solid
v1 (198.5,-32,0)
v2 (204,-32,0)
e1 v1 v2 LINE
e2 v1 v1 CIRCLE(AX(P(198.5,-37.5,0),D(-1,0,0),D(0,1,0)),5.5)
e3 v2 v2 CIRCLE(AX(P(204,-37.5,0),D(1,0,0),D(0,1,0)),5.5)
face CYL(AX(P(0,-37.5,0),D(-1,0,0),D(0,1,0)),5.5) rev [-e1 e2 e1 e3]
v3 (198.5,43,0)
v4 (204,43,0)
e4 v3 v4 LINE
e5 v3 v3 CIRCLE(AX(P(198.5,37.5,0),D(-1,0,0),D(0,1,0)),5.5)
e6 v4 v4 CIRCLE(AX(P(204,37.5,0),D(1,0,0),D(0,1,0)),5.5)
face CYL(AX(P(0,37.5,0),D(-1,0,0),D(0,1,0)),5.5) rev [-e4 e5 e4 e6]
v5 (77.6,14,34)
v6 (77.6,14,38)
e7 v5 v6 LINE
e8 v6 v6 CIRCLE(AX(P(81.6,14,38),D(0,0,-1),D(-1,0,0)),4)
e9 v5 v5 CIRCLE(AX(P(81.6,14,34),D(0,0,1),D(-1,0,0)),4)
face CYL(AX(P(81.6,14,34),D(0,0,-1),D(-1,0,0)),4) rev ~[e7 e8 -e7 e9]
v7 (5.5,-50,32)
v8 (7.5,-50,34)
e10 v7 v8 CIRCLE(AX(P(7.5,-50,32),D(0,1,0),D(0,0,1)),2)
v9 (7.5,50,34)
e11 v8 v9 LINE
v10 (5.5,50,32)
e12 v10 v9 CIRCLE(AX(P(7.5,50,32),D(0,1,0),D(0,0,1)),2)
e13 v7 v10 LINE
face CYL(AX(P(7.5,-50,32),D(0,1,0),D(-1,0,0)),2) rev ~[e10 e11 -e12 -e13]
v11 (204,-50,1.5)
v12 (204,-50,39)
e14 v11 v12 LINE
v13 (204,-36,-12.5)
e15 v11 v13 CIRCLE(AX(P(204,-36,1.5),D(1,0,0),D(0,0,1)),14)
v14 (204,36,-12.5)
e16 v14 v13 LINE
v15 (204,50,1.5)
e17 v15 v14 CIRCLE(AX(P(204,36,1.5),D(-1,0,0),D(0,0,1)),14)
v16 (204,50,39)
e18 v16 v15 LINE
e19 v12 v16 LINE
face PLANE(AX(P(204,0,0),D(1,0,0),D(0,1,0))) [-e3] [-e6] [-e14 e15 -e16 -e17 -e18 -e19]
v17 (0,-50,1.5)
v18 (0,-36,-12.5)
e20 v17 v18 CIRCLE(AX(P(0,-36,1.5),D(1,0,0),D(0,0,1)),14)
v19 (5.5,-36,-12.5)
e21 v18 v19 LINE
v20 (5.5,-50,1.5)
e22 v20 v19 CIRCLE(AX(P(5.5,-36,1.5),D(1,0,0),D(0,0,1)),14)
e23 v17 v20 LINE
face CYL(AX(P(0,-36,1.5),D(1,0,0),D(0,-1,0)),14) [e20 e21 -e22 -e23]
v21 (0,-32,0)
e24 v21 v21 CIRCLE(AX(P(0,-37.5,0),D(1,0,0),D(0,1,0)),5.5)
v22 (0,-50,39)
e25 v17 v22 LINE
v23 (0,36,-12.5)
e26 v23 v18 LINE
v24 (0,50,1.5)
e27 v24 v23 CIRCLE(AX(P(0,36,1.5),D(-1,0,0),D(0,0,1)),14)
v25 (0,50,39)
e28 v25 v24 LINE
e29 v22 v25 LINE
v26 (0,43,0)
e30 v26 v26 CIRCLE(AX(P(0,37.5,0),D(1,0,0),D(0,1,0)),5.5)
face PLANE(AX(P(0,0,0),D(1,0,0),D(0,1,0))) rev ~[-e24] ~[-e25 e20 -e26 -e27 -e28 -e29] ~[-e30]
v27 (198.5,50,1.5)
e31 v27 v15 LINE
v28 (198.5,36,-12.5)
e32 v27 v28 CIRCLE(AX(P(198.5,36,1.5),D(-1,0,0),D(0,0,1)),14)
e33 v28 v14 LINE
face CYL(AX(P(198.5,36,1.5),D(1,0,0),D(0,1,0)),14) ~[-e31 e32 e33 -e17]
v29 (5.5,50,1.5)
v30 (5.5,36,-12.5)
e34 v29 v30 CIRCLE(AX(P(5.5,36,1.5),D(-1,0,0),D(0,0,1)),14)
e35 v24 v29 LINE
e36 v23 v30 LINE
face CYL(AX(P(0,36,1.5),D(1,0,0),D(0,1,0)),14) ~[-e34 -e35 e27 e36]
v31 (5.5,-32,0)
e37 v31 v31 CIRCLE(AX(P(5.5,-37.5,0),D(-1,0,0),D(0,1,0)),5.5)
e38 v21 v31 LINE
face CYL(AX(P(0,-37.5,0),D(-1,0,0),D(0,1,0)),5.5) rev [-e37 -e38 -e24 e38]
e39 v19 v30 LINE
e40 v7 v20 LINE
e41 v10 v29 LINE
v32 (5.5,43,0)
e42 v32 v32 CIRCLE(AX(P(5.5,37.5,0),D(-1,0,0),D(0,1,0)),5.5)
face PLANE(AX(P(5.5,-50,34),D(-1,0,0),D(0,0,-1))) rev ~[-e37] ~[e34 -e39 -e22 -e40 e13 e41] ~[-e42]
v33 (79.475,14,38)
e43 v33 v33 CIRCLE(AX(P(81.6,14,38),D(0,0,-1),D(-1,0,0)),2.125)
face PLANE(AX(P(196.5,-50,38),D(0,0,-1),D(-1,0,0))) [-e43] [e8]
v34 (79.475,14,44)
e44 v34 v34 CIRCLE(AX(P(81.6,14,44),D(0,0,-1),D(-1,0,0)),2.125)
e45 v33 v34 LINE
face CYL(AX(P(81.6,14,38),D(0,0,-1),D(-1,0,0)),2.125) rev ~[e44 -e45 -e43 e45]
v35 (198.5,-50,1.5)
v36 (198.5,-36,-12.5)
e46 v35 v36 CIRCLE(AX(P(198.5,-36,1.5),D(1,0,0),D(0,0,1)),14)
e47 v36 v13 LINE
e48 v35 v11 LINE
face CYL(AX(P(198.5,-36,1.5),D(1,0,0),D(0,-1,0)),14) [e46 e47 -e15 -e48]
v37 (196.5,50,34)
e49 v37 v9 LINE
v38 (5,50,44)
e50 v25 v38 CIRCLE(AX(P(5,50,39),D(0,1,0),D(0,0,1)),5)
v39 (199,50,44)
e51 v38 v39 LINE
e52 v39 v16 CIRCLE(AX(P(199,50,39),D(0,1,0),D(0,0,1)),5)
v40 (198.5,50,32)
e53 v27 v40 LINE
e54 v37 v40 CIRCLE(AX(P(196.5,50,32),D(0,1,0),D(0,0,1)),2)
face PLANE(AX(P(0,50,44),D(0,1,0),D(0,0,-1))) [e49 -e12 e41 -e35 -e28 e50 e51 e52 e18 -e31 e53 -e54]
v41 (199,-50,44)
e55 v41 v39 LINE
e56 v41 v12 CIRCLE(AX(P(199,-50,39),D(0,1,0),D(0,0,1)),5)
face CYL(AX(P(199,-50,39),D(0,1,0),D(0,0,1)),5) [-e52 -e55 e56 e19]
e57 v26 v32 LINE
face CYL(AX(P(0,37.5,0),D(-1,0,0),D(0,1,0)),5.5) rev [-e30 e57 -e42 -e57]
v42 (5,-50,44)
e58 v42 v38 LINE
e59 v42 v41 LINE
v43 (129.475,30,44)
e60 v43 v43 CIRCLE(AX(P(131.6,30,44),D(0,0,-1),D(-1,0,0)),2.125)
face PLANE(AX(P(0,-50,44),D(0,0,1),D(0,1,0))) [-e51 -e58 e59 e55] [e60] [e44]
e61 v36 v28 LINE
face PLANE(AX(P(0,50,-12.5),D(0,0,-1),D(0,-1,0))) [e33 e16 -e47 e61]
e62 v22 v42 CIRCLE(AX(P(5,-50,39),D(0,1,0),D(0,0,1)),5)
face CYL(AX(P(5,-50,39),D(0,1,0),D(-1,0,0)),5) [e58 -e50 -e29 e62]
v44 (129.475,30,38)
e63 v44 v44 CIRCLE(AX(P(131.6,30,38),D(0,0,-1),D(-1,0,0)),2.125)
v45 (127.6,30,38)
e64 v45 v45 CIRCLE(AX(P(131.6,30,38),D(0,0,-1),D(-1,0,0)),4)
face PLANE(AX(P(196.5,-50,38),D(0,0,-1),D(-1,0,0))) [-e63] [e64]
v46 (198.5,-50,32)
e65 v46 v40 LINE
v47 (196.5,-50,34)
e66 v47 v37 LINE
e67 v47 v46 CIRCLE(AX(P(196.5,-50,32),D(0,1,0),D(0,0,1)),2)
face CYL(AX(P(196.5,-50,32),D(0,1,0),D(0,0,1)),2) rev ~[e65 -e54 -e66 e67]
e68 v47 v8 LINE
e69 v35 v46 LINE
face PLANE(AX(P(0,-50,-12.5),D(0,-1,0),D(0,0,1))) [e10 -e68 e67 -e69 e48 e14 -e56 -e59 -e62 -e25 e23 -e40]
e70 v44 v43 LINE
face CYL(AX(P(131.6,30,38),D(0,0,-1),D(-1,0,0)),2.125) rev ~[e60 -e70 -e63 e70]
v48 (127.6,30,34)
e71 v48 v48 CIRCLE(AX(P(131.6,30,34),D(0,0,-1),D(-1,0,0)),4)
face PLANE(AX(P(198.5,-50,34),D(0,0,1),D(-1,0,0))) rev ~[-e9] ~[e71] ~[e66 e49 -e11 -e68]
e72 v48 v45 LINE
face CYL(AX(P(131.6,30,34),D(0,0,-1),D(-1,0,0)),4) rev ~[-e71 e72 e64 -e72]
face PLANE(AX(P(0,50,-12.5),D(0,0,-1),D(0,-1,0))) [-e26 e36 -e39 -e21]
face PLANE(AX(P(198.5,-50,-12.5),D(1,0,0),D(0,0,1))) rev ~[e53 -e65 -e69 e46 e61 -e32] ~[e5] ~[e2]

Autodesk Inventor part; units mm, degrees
ref_plane "YZ Plane" through (0, 0, 0) normal (1, 0, 0) x (0, 1, 0)
ref_plane "XZ Plane" through (0, 0, 0) normal (0, 1, 0) x (-1, 0, 0)
ref_plane "XY Plane" through (0, 0, 0) normal (0, 0, 1) x (1, 0, 0)
sketch "Sketch1" plane through (0, 0, 0) normal (1, 0, 0) x (0, 1, 0)
  circle A0 centre (-37.5, 0) radius 5.5
  circle A1 centre (37.5, 0) radius 5.5
  line L0 (-50, 44) -> (50, 44)
  line L1 (50, 44) -> (50, -12.5)
  line L2 (50, -12.5) -> (-50, -12.5)
  line L3 (-50, -12.5) -> (-50, 44)
  point P0 (0, 0)
  dimension "d0" = 11
  dimension "d1" = 11
  dimension "d2" = 100
  dimension "d3" = 56.5
extrude "Extrusion1" add sketch "Sketch1" along normal blind 204
sketch "Sketch2" plane through (0, -50, -12.5) normal (0, -1, 0) x (1, 0, 0)
  line L0 (204, 0) -> (204, 56.5) projected
  line L1 (0, 0) -> (204, 0)
  line L2 (204, 0) -> (204, 56.5)
  line L3 (204, 56.5) -> (0, 56.5)
  line L4 (0, 56.5) -> (0, 0)
  line L5 (5.5, 0) -> (198.5, 0)
  line L6 (198.5, 0) -> (198.5, 46.5)
  line L7 (198.5, 46.5) -> (5.5, 46.5)
  line L8 (5.5, 46.5) -> (5.5, 0)
  point P0 (0, 12.5)
  point P1 (198.5, 0)
  dimension "d6" = 204
  dimension "d7" = 193
  dimension "d8" = 46.5
  dimension "d9" = 5.5
extrude "Extrusion2" cut sketch "Sketch2" against normal up to surface (100 mm away) contours L1 L8 L7 L6
sketch "Sketch3" plane through (204, 0, 0) normal (1, 0, 0) x (0, 0, -1)
  point P0 (0, 0)
fillet "Fillet1" radius 14 4 edges at (201.25, 50, -12.5) (201.25, -50, -12.5) (2.75, 50, -12.5) (2.75, -50, -12.5)
fillet "Fillet2" radius 2 2 edges at (198.5, 0, 34) (5.5, 0, 34)
fillet "Fillet3" radius 5 2 edges at (204, 0, 44) (0, 0, 44)
sketch "Sketch4" plane through (196.5, -50, 34) normal (0, 0, -1) x (-1, 0, 0)
  line L0 (0, 100) -> (189, 100) projected
  line L1 (58.5, 100) -> (118.5, 100)
  line L2 (118.5, 100) -> (118.5, 58)
  line L3 (118.5, 58) -> (58.5, 58)
  line L4 (58.5, 58) -> (58.5, 100)
  circle A0 centre (64.9, 80) radius 4
  circle A1 centre (114.9, 64) radius 4
  line L5 (-7.5, 14) -> (-7.5, 86) projected
  line L6 (94.5, 58) -> (94.5, 100)
  line L7 (196.5, 14) -> (196.5, 86) projected
  point P0 (196.5, 50)
  dimension "d15" = 60
  dimension "d16" = 42
  dimension "d17" = 8
  dimension "d19" = 6.4
  dimension "d20" = 8
  dimension "d22" = 6
  dimension "d24" = 36
  dimension "d25" = 102
  dimension "d26" = 204
  dimension "d34" = 16
  dimension "d36" = 50
extrude "Extrusion3" cut sketch "Sketch4" against normal blind 4 contours A1 L2 | L2 A1 | A0
sketch "Sketch5" plane through (131.6, 30, 38) normal (0, 0, -1) x (-1, 0, 0)
  circle A0 centre (0, 0) radius 4 projected
  circle A1 centre (50, -16) radius 4 projected
  circle A2 centre (0, 0) radius 2.125
  circle A3 centre (50, -16) radius 2.125
  point P0 (131.6, -30)
  dimension "d29" = 4.25
  dimension "d30" = 4.25
extrude "Extrusion4" cut sketch "Sketch5" against normal blind 6 contours A2 | A3
equation "\"d9\" = -0.5 * d7 + 0.5 * d6"
equation "\"d25\" = 0.5 * d26"
properties part number "LaserBeslag" material "PET Plastic"
